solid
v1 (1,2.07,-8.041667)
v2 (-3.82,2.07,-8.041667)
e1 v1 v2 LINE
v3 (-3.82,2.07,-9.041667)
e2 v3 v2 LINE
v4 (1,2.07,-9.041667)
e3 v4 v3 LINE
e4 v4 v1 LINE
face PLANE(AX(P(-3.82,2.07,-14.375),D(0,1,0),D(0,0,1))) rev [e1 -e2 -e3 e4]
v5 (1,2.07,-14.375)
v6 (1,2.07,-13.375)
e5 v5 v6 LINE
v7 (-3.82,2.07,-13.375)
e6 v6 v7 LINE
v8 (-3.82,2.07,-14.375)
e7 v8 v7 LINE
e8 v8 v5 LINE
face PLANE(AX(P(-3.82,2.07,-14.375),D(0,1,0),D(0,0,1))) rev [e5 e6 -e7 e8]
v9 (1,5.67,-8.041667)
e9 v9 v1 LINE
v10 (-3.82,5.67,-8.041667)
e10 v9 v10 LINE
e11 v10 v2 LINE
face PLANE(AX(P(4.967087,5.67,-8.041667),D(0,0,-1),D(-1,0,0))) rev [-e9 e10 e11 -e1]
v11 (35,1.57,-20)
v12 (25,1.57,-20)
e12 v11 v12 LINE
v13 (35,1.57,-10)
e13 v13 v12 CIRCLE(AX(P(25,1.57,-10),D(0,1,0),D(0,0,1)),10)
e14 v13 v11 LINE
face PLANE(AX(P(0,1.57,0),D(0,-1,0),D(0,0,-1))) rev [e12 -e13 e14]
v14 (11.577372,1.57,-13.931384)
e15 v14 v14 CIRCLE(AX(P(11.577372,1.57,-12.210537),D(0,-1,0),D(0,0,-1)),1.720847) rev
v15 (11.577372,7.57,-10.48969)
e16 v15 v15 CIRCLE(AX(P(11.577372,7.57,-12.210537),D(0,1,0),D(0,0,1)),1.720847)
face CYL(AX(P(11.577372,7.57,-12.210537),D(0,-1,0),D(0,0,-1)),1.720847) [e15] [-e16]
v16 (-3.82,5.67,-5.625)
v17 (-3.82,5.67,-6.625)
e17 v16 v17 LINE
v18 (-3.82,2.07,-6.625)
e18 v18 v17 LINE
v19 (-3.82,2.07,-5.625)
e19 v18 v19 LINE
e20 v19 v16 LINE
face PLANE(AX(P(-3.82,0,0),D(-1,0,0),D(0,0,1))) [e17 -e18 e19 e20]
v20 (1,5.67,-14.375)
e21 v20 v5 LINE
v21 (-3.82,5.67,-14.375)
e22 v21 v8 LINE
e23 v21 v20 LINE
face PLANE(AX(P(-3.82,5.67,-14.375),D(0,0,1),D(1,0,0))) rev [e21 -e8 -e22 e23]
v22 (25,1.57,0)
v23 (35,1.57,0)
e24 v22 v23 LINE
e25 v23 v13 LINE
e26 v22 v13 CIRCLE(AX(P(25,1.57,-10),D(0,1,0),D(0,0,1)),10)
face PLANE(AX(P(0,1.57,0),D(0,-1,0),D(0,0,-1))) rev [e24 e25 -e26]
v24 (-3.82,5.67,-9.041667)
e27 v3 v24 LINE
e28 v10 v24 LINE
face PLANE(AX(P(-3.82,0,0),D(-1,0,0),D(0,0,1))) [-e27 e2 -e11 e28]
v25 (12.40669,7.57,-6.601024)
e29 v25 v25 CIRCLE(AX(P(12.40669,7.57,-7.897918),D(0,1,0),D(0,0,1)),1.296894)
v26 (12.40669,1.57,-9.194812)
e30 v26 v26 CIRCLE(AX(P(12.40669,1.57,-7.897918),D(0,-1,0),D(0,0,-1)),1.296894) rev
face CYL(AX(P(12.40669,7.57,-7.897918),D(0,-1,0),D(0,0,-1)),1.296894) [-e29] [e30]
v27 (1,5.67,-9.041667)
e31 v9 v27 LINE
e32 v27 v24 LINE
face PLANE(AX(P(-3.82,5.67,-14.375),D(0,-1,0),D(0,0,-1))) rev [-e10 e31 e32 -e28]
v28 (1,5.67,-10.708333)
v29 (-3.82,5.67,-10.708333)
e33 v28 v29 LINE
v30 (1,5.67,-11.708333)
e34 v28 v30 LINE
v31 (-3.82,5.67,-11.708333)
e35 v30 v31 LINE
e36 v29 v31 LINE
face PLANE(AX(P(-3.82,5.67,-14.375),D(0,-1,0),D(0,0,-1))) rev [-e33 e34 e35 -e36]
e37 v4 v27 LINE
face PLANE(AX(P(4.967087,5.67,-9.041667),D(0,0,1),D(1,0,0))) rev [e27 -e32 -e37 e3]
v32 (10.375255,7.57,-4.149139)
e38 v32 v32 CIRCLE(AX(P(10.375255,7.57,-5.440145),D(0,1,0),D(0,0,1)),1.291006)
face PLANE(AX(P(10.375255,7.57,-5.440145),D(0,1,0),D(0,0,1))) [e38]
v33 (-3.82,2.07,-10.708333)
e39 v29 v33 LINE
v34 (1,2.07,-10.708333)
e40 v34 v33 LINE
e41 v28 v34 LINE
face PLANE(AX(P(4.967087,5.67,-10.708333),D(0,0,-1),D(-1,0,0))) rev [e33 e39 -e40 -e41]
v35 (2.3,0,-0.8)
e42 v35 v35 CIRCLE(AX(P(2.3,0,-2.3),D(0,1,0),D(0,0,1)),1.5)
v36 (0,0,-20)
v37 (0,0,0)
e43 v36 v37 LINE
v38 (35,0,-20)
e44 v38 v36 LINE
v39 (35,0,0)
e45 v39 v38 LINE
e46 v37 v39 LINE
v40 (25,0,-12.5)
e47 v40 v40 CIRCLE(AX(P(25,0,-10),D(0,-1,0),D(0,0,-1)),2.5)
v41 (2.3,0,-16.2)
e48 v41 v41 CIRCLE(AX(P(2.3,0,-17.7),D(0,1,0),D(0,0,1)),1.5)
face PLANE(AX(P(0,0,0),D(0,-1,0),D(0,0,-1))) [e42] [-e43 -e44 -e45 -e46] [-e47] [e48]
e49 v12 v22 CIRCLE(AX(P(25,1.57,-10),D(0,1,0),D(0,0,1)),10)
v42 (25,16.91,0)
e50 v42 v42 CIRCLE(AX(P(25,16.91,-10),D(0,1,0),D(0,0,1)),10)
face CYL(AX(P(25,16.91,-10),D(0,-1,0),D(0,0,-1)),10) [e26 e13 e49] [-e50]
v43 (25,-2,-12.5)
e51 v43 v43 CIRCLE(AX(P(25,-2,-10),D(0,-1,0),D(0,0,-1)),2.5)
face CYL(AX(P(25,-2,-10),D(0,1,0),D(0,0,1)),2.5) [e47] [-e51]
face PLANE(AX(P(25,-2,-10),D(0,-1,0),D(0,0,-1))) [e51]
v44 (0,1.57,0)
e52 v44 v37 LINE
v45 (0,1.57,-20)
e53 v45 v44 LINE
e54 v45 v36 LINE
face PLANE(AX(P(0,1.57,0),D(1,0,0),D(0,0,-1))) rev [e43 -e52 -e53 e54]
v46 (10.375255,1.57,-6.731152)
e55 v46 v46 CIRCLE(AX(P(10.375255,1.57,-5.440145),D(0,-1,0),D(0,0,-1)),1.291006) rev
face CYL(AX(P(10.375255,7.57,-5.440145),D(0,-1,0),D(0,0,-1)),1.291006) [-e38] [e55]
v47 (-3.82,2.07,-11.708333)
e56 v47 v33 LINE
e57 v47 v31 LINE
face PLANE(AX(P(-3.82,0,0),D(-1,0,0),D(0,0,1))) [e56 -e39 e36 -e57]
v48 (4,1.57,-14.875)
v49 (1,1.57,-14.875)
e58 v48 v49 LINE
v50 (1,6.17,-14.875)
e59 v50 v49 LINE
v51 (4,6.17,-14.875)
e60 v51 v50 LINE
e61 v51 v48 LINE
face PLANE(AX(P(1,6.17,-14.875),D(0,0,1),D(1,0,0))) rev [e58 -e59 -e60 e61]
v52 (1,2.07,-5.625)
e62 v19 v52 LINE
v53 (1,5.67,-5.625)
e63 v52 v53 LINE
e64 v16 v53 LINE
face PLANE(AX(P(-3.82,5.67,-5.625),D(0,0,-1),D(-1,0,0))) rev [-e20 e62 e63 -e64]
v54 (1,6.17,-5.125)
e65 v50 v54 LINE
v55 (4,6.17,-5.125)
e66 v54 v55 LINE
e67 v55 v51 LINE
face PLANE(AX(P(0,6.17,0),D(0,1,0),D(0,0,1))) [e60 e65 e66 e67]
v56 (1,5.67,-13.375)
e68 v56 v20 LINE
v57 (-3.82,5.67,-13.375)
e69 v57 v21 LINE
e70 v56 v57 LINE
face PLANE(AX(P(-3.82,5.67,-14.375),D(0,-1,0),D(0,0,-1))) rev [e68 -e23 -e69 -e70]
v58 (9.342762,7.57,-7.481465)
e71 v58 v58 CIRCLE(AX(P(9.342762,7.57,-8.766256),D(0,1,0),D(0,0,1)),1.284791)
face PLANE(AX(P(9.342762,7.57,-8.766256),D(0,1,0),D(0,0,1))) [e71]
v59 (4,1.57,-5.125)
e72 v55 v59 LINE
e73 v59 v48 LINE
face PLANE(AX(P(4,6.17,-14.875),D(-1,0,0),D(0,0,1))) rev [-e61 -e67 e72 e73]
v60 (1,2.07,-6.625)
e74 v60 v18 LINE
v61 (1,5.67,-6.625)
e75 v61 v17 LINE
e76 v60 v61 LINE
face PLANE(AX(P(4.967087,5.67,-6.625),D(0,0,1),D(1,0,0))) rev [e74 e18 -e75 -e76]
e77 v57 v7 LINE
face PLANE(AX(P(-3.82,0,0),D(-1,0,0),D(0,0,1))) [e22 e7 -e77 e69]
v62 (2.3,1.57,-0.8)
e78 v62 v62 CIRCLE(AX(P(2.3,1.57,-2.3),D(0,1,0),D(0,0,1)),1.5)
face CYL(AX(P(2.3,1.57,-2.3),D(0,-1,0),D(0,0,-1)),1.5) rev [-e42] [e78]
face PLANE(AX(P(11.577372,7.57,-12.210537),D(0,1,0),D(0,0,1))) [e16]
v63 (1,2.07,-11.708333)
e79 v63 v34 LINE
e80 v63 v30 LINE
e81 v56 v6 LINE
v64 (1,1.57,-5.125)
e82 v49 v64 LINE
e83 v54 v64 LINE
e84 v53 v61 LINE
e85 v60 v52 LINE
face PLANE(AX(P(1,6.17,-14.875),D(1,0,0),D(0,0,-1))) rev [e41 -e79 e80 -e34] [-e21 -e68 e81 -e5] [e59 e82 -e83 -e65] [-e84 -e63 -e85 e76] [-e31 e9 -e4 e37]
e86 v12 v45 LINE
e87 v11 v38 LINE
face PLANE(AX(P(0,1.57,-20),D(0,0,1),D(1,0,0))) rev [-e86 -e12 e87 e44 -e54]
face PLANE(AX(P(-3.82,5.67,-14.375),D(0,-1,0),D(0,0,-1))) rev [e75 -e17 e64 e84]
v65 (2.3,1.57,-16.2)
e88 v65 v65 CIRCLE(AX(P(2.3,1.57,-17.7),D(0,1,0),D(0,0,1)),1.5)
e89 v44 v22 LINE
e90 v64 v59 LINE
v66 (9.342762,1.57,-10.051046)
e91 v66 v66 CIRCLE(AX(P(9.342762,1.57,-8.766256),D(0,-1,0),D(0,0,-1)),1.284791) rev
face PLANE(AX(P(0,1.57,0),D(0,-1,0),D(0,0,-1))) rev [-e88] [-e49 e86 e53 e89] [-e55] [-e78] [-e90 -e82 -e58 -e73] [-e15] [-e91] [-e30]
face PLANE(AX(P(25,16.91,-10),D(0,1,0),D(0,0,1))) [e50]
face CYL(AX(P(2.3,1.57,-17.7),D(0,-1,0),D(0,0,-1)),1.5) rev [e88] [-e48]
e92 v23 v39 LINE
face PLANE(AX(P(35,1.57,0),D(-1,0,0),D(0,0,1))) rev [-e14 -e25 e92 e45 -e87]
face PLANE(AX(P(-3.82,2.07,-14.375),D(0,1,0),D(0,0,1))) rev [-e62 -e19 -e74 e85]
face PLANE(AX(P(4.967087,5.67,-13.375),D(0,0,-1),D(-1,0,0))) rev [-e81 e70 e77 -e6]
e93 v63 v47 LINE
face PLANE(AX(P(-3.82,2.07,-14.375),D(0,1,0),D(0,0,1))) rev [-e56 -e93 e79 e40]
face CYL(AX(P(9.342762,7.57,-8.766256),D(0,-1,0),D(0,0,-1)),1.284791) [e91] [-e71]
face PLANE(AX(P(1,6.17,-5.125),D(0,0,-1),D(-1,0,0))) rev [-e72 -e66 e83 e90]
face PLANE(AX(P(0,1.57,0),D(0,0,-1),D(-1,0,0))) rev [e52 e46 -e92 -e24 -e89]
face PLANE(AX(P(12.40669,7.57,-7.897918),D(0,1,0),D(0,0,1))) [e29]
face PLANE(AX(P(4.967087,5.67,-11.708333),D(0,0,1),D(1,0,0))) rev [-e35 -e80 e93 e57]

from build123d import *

# Parameters (mm, degrees)
SKETCH1_W           = 35
SKETCH1_H           = 20
SKETCH1_R           = 1.5
BOSS_EXTRUDE1_DEPTH = 1.57
SKETCH2_R           = 10
BOSS_EXTRUDE2_DEPTH = 15.34
SKETCH3_W           = 3
SKETCH3_H           = 9.75
BOSS_EXTRUDE3_DEPTH = 4.6
SKETCH4_W           = 8.75
SKETCH4_H           = 3.6
BOSS_EXTRUDE4_DEPTH = 4.82
SKETCH5_W           = 1.666666667
SKETCH5_H           = 3.6
SKETCH5_W_2         = 1.666666666
SKETCH5_W_3         = 1.416666667
CUT_EXTRUDE1_DEPTH  = 4.82
SKETCH6_R           = 1.29689407
SKETCH6_R_2         = 1.720847255
SKETCH6_R_3         = 1.291006222
SKETCH6_R_4         = 1.284790683
BOSS_EXTRUDE5_DEPTH = 6
SKETCH7_R           = 2.5
BOSS_EXTRUDE6_DEPTH = 2


with BuildPart() as part:
    # Sketch1 → Boss-Extrude1 (new body)
    with BuildSketch(Plane(origin=(0, 0, 0), x_dir=(1, 0, 0), z_dir=(0, 1, 0))):
        with Locations((17.5, 10)):
            Rectangle(SKETCH1_W, SKETCH1_H)
        with Locations(Location((2.3, 17.7, 0), (0, 0, 270))):
            Circle(SKETCH1_R, mode=Mode.SUBTRACT)
        with Locations(Location((2.3, 2.3, 0), (0, 0, 270))):
            Circle(SKETCH1_R, mode=Mode.SUBTRACT)
    extrude(amount=BOSS_EXTRUDE1_DEPTH)

    # Sketch2 → Boss-Extrude2 (add)
    with BuildSketch(Plane(origin=(0, 1.57, 0), x_dir=(1, 0, 0), z_dir=(0, 1, 0))):
        with Locations(Location((25, 10, 0), (0, 0, 270))):
            Circle(SKETCH2_R)
    extrude(amount=BOSS_EXTRUDE2_DEPTH)

    # Sketch3 → Boss-Extrude3 (add)
    with BuildSketch(Plane(origin=(0, 1.57, 0), x_dir=(1, 0, 0), z_dir=(0, 1, 0))):
        with Locations((2.5, 10)):
            Rectangle(SKETCH3_W, SKETCH3_H)
    extrude(amount=BOSS_EXTRUDE3_DEPTH)

    # Sketch4 → Boss-Extrude4 (add)
    with BuildSketch(Plane.ZY.offset(-1)):
        with Locations((-10, 3.87)):
            Rectangle(SKETCH4_W, SKETCH4_H)
    extrude(amount=BOSS_EXTRUDE4_DEPTH)

    # Sketch5 → Cut-Extrude1 (cut)
    with BuildSketch(Plane.ZY.offset(3.82)):
        with Locations((-12.541666666, 3.87)):
            Rectangle(SKETCH5_W, SKETCH5_H)
        with Locations((-9.875, 3.87)):
            Rectangle(SKETCH5_W_2, SKETCH5_H)
        with Locations((-7.333333334, 3.87)):
            Rectangle(SKETCH5_W_3, SKETCH5_H)
    extrude(amount=-CUT_EXTRUDE1_DEPTH, mode=Mode.SUBTRACT)

    # Sketch6 → Boss-Extrude5 (add)
    with BuildSketch(Plane(origin=(0, 1.57, 0), x_dir=(1, 0, 0), z_dir=(0, 1, 0))):
        with Locations(Location((12.406689858, 7.897918268, 0), (0, 0, 90))):
            Circle(SKETCH6_R)
        with Locations(Location((11.577372326, 12.210536894, 0), (0, 0, 90))):
            Circle(SKETCH6_R_2)
        with Locations(Location((10.375255256, 5.440145452, 0), (0, 0, 90))):
            Circle(SKETCH6_R_3)
        with Locations(Location((9.342761815, 8.766255662, 0), (0, 0, 90))):
            Circle(SKETCH6_R_4)
    extrude(amount=BOSS_EXTRUDE5_DEPTH)

    # Sketch7 → Boss-Extrude6 (add)
    with BuildSketch(Plane.XZ):
        with Locations(Location((25, -10, 0), (0, 0, 270))):
            Circle(SKETCH7_R)
    extrude(amount=BOSS_EXTRUDE6_DEPTH)


solid = part.part
